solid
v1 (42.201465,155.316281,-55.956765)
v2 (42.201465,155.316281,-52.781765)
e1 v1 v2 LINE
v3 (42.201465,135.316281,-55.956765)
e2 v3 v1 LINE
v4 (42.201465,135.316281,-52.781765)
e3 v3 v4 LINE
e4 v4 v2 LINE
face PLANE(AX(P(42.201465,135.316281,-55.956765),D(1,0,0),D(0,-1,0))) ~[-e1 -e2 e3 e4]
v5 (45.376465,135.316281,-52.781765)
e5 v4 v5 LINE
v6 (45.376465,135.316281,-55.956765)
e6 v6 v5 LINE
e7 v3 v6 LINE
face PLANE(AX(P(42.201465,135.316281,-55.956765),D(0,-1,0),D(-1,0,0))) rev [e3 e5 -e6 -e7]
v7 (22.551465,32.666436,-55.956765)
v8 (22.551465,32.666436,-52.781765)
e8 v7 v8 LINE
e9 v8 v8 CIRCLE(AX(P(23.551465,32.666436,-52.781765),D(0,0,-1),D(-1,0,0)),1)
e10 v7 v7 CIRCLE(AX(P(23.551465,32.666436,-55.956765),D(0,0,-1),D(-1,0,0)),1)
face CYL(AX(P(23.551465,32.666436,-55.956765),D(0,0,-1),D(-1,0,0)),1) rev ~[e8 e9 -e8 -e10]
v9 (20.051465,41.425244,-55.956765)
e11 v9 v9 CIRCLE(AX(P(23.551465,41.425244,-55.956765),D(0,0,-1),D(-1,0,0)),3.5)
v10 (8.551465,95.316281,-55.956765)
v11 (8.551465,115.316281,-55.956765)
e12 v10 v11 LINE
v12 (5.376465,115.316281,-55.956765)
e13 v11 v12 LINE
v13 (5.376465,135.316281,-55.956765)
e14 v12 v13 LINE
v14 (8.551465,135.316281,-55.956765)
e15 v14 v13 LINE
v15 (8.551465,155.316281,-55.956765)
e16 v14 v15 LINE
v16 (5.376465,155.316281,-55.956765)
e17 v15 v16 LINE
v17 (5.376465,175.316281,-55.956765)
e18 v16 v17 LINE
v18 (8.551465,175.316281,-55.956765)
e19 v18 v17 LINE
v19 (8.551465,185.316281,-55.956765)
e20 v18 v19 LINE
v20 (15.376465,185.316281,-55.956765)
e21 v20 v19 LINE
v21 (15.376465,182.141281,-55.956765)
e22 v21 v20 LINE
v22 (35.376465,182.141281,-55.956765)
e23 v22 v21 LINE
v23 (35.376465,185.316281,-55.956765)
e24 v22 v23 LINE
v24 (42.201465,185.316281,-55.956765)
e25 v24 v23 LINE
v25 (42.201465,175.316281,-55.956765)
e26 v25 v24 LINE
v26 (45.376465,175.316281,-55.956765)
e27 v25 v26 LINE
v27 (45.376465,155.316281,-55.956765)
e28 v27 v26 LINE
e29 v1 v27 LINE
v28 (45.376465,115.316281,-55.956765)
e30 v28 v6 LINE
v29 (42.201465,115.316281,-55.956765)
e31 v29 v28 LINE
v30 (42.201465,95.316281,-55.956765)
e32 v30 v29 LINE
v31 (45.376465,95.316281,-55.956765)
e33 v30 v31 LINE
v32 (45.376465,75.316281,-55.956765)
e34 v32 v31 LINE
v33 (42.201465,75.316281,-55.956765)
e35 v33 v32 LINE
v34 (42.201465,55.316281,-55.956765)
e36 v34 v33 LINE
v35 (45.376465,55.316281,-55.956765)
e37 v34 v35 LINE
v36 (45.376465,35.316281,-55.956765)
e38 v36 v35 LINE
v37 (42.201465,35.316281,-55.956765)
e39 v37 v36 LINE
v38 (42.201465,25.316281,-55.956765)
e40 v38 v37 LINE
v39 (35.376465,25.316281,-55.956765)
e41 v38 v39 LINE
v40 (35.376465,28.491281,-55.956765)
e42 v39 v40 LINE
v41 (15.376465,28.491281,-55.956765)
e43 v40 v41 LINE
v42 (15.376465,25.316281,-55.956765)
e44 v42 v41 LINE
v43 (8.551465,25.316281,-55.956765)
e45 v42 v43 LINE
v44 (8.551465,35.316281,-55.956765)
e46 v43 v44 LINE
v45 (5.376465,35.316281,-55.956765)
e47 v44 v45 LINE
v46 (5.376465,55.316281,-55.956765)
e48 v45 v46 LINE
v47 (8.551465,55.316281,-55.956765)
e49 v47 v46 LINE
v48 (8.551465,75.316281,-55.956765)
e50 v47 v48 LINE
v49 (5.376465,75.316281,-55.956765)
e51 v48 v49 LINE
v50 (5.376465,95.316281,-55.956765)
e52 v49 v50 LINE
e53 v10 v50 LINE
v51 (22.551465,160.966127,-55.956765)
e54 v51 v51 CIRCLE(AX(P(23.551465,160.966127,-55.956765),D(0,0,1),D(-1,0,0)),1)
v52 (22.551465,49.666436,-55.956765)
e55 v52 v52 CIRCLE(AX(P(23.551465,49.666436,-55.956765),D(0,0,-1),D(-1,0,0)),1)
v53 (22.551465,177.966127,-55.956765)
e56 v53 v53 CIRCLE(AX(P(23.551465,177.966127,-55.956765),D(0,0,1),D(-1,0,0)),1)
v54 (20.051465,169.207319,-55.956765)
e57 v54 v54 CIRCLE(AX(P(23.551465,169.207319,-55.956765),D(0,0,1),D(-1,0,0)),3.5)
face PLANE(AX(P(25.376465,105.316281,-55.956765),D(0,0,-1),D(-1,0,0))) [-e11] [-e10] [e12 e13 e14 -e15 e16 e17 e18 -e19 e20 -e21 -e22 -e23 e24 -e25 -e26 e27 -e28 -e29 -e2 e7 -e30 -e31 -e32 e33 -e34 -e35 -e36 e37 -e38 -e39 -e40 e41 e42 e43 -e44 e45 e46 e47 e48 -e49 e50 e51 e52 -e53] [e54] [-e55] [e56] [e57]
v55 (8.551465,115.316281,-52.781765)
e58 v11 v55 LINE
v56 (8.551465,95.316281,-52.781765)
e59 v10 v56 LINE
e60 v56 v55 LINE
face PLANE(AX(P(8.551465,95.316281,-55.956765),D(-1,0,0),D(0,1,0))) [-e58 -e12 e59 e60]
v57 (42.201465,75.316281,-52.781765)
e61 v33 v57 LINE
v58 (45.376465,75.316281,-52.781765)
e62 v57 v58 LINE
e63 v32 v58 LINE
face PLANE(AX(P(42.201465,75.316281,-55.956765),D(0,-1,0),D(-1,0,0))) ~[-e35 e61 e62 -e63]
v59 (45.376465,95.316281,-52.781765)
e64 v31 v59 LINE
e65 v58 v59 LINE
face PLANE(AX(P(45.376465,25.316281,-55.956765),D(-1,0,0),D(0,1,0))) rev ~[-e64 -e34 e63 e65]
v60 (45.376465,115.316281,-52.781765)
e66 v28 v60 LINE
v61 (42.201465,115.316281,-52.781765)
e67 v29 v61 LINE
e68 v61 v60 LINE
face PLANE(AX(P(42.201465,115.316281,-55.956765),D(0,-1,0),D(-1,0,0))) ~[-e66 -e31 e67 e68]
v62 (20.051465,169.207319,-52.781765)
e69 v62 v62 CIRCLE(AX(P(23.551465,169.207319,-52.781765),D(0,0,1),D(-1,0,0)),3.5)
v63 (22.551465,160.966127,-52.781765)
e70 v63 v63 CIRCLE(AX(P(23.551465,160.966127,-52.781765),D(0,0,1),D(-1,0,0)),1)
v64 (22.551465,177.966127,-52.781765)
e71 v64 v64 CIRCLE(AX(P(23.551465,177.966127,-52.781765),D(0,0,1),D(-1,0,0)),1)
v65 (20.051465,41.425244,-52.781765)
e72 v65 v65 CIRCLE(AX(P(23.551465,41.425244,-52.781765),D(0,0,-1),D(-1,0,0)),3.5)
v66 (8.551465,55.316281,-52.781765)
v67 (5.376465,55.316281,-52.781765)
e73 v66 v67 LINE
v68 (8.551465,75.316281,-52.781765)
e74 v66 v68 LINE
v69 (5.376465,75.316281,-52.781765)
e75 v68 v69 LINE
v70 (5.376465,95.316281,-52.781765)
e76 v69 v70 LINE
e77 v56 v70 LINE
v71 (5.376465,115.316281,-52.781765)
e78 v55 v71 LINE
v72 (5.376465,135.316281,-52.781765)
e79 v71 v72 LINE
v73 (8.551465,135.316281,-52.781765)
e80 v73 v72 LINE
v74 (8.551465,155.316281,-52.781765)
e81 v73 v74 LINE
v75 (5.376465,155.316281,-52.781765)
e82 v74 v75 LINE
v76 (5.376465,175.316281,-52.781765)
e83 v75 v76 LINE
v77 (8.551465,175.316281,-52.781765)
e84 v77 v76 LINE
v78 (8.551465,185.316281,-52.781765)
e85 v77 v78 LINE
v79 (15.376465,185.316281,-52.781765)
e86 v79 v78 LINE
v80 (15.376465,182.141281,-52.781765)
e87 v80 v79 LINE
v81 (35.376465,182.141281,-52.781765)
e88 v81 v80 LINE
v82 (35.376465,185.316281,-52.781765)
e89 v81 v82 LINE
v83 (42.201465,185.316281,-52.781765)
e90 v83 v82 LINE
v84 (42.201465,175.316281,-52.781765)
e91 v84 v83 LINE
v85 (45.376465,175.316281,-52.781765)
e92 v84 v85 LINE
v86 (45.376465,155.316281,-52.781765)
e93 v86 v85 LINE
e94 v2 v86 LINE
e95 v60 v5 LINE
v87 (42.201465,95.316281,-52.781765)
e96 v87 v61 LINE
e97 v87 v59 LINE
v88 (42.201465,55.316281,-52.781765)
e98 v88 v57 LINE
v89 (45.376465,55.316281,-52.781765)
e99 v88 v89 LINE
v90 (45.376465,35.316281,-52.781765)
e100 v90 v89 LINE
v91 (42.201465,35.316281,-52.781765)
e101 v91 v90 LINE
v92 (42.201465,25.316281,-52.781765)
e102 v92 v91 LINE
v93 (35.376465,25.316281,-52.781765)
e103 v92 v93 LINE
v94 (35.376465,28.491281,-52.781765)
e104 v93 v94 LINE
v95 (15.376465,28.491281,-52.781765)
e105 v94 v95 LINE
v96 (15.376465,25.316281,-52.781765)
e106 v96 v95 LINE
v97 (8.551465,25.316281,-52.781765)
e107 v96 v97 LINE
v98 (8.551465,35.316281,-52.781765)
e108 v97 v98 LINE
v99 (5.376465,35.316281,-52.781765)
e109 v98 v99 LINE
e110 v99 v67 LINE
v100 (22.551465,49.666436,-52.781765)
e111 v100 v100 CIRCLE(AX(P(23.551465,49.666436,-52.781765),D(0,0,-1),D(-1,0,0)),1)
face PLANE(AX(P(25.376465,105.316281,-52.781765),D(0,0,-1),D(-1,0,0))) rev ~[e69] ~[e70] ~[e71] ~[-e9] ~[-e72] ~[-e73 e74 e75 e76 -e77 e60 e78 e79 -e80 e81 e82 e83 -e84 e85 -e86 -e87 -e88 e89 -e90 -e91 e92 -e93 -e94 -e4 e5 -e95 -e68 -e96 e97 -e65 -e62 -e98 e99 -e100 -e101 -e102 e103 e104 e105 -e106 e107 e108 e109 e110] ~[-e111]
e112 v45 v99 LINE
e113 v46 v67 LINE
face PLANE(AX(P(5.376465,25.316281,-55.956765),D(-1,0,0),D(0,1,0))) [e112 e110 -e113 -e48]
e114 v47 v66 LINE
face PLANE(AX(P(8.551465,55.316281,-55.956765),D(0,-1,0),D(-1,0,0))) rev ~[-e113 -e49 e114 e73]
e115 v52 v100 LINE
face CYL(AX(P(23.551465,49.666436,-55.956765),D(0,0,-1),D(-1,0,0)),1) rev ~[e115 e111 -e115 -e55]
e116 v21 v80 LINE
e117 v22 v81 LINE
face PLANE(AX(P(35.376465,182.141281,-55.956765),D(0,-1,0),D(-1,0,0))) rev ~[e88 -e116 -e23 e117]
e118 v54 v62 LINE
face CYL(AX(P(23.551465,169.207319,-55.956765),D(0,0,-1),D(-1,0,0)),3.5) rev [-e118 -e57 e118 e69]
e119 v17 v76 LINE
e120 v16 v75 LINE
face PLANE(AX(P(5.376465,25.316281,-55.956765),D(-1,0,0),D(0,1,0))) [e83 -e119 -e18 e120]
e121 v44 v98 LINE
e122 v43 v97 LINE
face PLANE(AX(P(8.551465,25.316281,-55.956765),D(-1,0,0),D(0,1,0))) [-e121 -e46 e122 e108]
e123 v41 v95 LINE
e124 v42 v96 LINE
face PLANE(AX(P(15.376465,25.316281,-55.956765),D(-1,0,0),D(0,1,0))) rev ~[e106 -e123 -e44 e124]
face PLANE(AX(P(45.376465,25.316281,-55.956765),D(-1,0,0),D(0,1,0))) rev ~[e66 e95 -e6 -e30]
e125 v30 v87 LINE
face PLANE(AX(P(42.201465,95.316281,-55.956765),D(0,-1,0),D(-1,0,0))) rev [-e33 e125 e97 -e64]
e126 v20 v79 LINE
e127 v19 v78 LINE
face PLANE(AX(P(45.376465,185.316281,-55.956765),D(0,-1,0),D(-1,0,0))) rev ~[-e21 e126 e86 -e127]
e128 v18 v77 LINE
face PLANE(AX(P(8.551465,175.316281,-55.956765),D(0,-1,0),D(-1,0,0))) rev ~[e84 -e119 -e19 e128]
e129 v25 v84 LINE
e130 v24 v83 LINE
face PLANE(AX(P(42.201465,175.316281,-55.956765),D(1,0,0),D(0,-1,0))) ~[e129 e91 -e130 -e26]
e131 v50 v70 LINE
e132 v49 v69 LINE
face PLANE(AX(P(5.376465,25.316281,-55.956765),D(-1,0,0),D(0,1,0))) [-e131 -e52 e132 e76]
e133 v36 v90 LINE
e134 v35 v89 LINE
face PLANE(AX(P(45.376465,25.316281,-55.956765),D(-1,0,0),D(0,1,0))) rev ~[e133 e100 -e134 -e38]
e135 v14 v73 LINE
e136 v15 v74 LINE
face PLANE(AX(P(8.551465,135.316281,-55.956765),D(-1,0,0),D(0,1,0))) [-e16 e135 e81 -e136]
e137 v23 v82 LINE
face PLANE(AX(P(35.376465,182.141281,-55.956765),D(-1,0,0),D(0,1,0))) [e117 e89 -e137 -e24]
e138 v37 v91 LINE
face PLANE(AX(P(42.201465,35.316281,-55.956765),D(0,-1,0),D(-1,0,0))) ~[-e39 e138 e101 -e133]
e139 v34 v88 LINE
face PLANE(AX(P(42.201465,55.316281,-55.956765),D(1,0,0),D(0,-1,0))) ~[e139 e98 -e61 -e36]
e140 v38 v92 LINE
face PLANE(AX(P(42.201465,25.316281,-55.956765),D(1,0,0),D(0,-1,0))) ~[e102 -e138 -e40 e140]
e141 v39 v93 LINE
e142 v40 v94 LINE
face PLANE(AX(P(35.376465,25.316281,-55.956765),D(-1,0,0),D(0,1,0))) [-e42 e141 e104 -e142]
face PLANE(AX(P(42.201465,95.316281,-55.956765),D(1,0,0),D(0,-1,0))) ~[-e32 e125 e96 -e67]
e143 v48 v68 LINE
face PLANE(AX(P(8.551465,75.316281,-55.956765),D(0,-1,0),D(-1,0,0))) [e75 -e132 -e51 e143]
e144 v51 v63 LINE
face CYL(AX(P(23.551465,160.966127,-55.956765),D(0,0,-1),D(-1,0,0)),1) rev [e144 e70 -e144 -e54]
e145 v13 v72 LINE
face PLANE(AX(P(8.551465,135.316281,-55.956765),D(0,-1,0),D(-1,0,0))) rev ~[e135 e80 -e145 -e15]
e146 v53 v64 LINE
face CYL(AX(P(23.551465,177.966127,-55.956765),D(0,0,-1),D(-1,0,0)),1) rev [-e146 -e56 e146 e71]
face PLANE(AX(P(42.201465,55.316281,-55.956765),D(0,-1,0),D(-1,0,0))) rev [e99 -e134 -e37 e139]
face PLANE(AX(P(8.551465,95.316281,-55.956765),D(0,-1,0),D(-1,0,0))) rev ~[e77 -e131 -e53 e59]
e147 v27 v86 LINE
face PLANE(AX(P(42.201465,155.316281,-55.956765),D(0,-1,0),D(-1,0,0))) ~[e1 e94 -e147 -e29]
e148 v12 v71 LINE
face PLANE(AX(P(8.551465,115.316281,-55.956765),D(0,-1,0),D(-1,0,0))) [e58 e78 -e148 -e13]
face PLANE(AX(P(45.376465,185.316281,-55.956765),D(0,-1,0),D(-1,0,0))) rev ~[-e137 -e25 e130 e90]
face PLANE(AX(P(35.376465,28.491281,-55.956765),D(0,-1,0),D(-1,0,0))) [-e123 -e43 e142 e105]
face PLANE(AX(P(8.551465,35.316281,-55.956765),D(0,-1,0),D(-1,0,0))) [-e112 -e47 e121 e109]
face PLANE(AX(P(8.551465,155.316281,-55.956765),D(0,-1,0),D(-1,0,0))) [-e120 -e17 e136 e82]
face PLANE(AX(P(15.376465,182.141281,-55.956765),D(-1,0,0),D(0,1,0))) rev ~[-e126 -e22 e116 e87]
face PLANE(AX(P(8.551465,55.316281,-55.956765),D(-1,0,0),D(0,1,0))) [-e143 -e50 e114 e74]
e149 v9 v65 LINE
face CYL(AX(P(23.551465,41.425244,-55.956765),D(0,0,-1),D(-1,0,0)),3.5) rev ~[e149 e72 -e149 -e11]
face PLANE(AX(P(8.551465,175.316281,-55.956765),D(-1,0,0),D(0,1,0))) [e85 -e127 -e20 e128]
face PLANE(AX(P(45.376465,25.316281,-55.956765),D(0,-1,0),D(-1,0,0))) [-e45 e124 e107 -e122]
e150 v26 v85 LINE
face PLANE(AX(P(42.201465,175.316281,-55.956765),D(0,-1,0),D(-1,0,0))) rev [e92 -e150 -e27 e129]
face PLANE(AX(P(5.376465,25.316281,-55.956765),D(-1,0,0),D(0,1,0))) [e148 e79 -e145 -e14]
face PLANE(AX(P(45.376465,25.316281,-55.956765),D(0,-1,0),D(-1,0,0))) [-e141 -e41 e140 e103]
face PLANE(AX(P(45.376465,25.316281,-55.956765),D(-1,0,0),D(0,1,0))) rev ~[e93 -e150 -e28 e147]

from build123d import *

# Parameters (mm, degrees)
SKETCH1_W           = 40
SKETCH1_H           = 160
BOSS_EXTRUDE1_DEPTH = 3.175
SKETCH2_W           = 3.175
SKETCH2_H           = 10
SKETCH2_H_2         = 20
CUT_EXTRUDE1_DEPTH  = 3.175
SKETCH3_R           = 1
CUT_EXTRUDE2_DEPTH  = 3.175
SKETCH4_W           = 20
SKETCH4_H           = 3.175
CUT_EXTRUDE3_DEPTH  = 3.175
SKETCH5_R           = 3.5
CUT_EXTRUDE4_DEPTH  = 3.175


with BuildPart() as part:
    # Sketch1 → Boss-Extrude1 (new body)
    with BuildSketch(Plane(origin=(0, 0, -55.956765442), x_dir=(-1, 0, 0), z_dir=(0, 0, -1))):
        with Locations((-25.376465458, 105.316281379)):
            Rectangle(SKETCH1_W, SKETCH1_H)
    extrude(amount=-BOSS_EXTRUDE1_DEPTH)

    # Sketch2 → Cut-Extrude1 (cut)
    with BuildSketch(Plane(origin=(0, 0, -55.956765442), x_dir=(-1, 0, 0), z_dir=(0, 0, -1))):
        with Locations((-6.963965458, 180.316281379)):
            Rectangle(SKETCH2_W, SKETCH2_H)
        with Locations((-6.963965458, 145.316281379)):
            Rectangle(SKETCH2_W, SKETCH2_H_2)
        with Locations((-6.963965458, 105.316281379)):
            Rectangle(SKETCH2_W, SKETCH2_H_2)
        with Locations((-6.963965458, 65.316281379)):
            Rectangle(SKETCH2_W, SKETCH2_H_2)
        with Locations((-6.963965458, 30.316281379)):
            Rectangle(SKETCH2_W, SKETCH2_H)
    cut_extrude1 = extrude(amount=-CUT_EXTRUDE1_DEPTH, mode=Mode.SUBTRACT)

    # Sketch3 → Cut-Extrude2 (cut)
    with BuildSketch(Plane(origin=(0, 0, -55.956765442), x_dir=(-1, 0, 0), z_dir=(0, 0, -1))):
        with Locations((-23.551465458, 32.666436233)):
            Circle(SKETCH3_R)
        with Locations((-23.551465458, 49.666436233)):
            Circle(SKETCH3_R)
    cut_extrude2 = extrude(amount=-CUT_EXTRUDE2_DEPTH, mode=Mode.SUBTRACT)

    # Mirror1: Cut-Extrude1 across plane
    add(cut_extrude1.mirror(Plane.ZY.offset(-25.376465458)), mode=Mode.SUBTRACT)

    # Sketch4 → Cut-Extrude3 (cut)
    with BuildSketch(Plane(origin=(0, 0, -55.956765442), x_dir=(-1, 0, 0), z_dir=(0, 0, -1))):
        with Locations((-25.376465458, 26.903781379)):
            Rectangle(SKETCH4_W, SKETCH4_H)
        with Locations((-25.376465458, 183.728781379)):
            Rectangle(SKETCH4_W, SKETCH4_H)
    extrude(amount=-CUT_EXTRUDE3_DEPTH, mode=Mode.SUBTRACT)

    # Sketch5 → Cut-Extrude4 (cut)
    with BuildSketch(Plane(origin=(0, 0, -55.956765442), x_dir=(-1, 0, 0), z_dir=(0, 0, -1))):
        with Locations((-23.551465458, 41.425244037)):
            Circle(SKETCH5_R)
    cut_extrude4 = extrude(amount=-CUT_EXTRUDE4_DEPTH, mode=Mode.SUBTRACT)

    # Mirror2: Cut-Extrude2, Cut-Extrude4 across plane
    add(cut_extrude2.mirror(Plane(origin=(0, 105.316281379, 0), x_dir=(0, 0, 1), z_dir=(0, -1, 0))), mode=Mode.SUBTRACT)
    add(cut_extrude4.mirror(Plane(origin=(0, 105.316281379, 0), x_dir=(0, 0, 1), z_dir=(0, -1, 0))), mode=Mode.SUBTRACT)


solid = part.part
